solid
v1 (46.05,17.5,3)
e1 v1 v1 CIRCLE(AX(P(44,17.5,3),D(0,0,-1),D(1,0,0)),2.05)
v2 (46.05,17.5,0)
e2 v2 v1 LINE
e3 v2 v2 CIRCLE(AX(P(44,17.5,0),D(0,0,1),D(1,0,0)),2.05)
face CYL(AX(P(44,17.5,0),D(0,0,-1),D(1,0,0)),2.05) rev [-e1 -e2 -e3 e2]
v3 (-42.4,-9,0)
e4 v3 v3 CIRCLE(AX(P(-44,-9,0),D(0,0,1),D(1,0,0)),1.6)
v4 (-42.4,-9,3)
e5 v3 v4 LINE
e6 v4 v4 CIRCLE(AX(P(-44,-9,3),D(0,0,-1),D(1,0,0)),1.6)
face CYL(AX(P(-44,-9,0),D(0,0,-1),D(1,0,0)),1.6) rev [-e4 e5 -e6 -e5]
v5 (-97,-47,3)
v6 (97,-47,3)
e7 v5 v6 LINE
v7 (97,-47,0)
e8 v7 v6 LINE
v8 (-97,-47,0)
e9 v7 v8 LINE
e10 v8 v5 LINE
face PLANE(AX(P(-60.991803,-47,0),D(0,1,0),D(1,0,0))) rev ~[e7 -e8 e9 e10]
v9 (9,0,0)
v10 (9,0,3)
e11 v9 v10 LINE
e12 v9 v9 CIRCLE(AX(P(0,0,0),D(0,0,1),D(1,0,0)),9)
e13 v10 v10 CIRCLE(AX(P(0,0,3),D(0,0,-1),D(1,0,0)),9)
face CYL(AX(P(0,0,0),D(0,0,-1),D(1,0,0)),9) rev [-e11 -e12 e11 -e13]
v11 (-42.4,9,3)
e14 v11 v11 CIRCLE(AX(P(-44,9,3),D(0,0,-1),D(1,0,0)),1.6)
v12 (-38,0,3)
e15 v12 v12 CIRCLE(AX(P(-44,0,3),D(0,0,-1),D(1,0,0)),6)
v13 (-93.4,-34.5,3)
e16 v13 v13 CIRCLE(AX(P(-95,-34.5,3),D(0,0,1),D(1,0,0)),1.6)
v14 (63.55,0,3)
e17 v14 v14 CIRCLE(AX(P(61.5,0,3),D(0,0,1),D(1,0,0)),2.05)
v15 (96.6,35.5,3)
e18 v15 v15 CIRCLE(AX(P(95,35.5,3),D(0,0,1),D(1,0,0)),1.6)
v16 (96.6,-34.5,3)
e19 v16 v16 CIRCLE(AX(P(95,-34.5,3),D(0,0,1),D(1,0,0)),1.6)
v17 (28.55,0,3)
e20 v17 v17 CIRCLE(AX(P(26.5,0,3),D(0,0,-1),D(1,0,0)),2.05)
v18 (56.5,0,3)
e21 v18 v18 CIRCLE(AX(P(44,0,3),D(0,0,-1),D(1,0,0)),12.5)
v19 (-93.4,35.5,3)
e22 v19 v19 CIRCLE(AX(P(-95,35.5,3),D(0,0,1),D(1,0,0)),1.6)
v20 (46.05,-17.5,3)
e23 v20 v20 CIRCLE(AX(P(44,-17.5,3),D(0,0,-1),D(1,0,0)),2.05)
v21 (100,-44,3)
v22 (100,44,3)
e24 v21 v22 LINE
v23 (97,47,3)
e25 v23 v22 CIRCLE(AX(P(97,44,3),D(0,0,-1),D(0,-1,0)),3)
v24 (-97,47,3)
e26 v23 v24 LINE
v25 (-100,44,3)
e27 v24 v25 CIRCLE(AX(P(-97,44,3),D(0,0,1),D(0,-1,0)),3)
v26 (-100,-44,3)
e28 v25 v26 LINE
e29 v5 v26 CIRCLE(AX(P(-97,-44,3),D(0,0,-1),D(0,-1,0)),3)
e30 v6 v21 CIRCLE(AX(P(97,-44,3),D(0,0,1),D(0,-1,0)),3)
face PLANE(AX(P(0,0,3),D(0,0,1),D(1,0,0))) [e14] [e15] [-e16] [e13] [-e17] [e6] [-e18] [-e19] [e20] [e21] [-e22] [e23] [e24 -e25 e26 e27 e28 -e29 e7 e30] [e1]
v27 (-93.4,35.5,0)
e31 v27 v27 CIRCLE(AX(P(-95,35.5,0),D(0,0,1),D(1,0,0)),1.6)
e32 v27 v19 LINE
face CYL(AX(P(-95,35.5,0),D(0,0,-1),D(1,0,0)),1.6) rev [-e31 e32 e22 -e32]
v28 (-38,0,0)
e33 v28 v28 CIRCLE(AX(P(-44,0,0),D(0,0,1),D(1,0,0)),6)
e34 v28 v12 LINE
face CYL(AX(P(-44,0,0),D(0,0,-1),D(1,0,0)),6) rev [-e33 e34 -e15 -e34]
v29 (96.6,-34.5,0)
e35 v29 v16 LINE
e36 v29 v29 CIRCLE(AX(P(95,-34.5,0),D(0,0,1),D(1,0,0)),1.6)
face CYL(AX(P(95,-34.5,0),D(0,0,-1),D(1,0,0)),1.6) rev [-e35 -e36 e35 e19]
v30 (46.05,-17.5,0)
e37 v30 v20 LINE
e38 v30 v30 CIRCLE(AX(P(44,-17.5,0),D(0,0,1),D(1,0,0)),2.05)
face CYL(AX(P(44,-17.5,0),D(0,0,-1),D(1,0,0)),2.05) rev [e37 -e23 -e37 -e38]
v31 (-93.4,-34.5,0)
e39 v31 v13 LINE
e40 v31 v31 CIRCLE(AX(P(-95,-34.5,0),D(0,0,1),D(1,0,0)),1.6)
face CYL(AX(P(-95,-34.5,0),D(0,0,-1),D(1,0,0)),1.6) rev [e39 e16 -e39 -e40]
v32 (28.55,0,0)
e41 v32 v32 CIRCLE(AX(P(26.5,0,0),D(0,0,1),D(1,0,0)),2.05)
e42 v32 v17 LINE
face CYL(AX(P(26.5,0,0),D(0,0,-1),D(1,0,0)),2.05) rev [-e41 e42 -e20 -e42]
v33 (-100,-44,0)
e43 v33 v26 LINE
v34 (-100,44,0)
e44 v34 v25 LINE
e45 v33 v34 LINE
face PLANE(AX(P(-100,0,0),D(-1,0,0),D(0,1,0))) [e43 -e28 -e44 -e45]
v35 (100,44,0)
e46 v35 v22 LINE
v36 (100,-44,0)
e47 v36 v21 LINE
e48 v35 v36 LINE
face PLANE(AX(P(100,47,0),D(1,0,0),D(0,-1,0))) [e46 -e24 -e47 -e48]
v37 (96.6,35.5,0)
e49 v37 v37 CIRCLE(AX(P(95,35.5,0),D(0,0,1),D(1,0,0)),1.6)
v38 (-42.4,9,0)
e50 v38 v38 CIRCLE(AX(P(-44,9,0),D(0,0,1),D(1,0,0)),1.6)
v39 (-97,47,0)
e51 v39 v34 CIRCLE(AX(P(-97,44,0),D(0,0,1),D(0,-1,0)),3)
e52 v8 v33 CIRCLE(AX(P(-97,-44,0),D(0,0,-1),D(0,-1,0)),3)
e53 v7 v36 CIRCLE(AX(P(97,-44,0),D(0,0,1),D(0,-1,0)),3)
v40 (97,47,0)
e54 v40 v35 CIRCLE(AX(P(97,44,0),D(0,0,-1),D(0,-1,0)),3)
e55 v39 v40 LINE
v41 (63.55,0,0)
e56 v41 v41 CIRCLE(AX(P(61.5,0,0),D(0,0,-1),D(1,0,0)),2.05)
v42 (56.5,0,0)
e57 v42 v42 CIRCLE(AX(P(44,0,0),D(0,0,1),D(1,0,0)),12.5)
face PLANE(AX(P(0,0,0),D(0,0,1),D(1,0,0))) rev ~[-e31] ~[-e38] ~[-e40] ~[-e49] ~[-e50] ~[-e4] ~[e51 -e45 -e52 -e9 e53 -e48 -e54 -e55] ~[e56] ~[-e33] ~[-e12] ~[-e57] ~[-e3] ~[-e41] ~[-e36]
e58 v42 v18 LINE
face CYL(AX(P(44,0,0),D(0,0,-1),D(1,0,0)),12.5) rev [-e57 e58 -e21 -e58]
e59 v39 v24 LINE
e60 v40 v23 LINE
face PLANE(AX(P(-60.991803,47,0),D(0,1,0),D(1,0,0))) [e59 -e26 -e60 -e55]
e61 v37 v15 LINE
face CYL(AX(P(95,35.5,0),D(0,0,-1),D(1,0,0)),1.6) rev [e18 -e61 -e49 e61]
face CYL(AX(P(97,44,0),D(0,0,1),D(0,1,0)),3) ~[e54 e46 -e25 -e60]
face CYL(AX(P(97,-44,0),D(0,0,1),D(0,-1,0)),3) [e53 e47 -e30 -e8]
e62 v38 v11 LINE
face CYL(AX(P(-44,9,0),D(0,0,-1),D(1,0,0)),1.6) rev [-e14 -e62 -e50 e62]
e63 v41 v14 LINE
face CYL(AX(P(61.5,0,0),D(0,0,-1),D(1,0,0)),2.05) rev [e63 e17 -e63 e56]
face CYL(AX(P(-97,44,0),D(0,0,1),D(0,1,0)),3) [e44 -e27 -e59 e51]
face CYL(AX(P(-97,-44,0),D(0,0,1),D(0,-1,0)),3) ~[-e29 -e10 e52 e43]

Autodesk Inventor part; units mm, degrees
ref_plane "YZ Plane" through (0, 0, 0) normal (1, 0, 0) x (0, 1, 0)
ref_plane "XZ Plane" through (0, 0, 0) normal (0, 1, 0) x (-1, 0, 0)
ref_plane "XY Plane" through (0, 0, 0) normal (0, 0, 1) x (1, 0, 0)
sketch "スケッチ1" plane through (0, 0, 0) normal (0, 0, 1) x (1, 0, 0)
  circle A0 centre (0, 0) radius 77
  circle A1 centre (0, 0) radius 9
  circle A2 centre (44, 0) radius 12.5
  circle A3 centre (-44, 0) radius 6
  line L0 (100, -77) -> (-100, -77)
  line L1 (-100, -77) -> (-100, 77)
  line L2 (-100, 77) -> (100, 77)
  line L3 (100, 77) -> (100, -77)
  line L4 (100, -77) -> (-100, 77) construction
  line L5 (-100, -77) -> (100, 77) construction
  line L6 (-100, 0) -> (100, 0)
  line L7 (-100, 47) -> (100, 47)
  circle A4 centre (-95, 35.5) radius 1.6
  circle A5 centre (-95, -34.5) radius 1.6
  circle A6 centre (95, 35.5) radius 1.6
  circle A7 centre (95, -34.5) radius 1.6
  circle A8 centre (-44, 0) radius 9
  circle A9 centre (44, 0) radius 17.5
  circle A10 centre (-44, 9) radius 1.6
  circle A11 centre (-44, -9) radius 1.6
  circle A12 centre (44, 17.5) radius 2.05
  circle A13 centre (26.5, 0) radius 2.05
  circle A14 centre (44, -17.5) radius 2.05
  circle A15 centre (61.5, 0) radius 2.05
  line L8 (-100, -47) -> (100, -47)
  dimension "d20" = 18
  dimension "d21" = 35
  dimension "d0" = 154
  dimension "d1" = 18
  dimension "d2" = 25
  dimension "d3" = 12
  dimension "d4" = 44
  dimension "d5" = 44
  dimension "d6" = 200
  dimension "d7" = 30
  dimension "d8" = 3.2
  dimension "d9" = 3.2
  dimension "d10" = 3.2
  dimension "d11" = 3.2
  dimension "d12" = 5
  dimension "d15" = 5
  dimension "d16" = 5
  dimension "d17" = 70
  dimension "d18" = 5
  dimension "d19" = 70
  dimension "d22" = 3.2
  dimension "d25" = 360
  dimension "d27" = 9
  dimension "d28" = 4.1
  dimension "d29" = 17.5
  dimension "d32" = 360
  dimension "d36" = 11.5
  dimension "d37" = 11.5
  dimension "d38" = 30
extrude "押し出し1" add sketch "スケッチ1" along normal blind 3 contours L6 A15 A9 A12 A13 A1 A8 A10 A0 L7 | L6 L3 L8 A0 | A0 L8 L6 A8 A11 A1 A13 A9 A14 A15 | A0 L7 L3 L6 | A0 L6 L1 L7 | L8 L1 L6 A0 | A15 L6 A2 A13 A9 A12 | A9 A14 A13 L6 A2 A15 | A8 A10 L6 A3 | L6 A3 A8 A11
fillet "フィレット1" radius 3 4 edges at (100, 47, 1.5) (100, -47, 1.5) (-100, -47, 1.5) (-100, 47, 1.5)
sketch "スケッチ2" plane through (0, 0, 3) normal (0, 0, 1) x (1, 0, 0)
  arc A0 (-97, 47) -> (-100, 44) centre (-97, 44) ccw projected
  line L0 (-100, 44) -> (-100, -44) projected
  arc A1 (-100, -44) -> (-97, -47) centre (-97, -44) ccw projected
  line L1 (-97, -47) -> (97, -47) projected
  arc A2 (97, -47) -> (100, -44) centre (97, -44) ccw projected
  line L2 (100, -44) -> (100, 44) projected
  arc A3 (100, 44) -> (97, 47) centre (97, 44) ccw projected
  line L3 (97, 47) -> (-97, 47) projected
  circle A4 centre (-95, 35.5) radius 1.6 projected
  circle A5 centre (95, 35.5) radius 1.6 projected
  circle A6 centre (-44, 9) radius 1.6 projected
  circle A7 centre (44, 17.5) radius 2.05 projected
  circle A8 centre (61.5, 0) radius 2.05 projected
  circle A9 centre (26.5, 0) radius 2.05 projected
  circle A10 centre (-95, -34.5) radius 1.6 projected
  circle A11 centre (-44, 0) radius 6 projected
  circle A12 centre (-44, -9) radius 1.6 projected
  circle A13 centre (0, 0) radius 9 projected
  circle A14 centre (44, 0) radius 12.5 projected
  circle A15 centre (95, -34.5) radius 1.6 projected
  circle A16 centre (44, -17.5) radius 2.05 projected
equation "\"d5\" = d4"
equation "\"d17\" = d19"
equation "\"d29\" = 0.5 * d21"
equation "\"d37\" = d36"
equation "\"d38\" = d7"
properties part number "canon_plate_motor"
